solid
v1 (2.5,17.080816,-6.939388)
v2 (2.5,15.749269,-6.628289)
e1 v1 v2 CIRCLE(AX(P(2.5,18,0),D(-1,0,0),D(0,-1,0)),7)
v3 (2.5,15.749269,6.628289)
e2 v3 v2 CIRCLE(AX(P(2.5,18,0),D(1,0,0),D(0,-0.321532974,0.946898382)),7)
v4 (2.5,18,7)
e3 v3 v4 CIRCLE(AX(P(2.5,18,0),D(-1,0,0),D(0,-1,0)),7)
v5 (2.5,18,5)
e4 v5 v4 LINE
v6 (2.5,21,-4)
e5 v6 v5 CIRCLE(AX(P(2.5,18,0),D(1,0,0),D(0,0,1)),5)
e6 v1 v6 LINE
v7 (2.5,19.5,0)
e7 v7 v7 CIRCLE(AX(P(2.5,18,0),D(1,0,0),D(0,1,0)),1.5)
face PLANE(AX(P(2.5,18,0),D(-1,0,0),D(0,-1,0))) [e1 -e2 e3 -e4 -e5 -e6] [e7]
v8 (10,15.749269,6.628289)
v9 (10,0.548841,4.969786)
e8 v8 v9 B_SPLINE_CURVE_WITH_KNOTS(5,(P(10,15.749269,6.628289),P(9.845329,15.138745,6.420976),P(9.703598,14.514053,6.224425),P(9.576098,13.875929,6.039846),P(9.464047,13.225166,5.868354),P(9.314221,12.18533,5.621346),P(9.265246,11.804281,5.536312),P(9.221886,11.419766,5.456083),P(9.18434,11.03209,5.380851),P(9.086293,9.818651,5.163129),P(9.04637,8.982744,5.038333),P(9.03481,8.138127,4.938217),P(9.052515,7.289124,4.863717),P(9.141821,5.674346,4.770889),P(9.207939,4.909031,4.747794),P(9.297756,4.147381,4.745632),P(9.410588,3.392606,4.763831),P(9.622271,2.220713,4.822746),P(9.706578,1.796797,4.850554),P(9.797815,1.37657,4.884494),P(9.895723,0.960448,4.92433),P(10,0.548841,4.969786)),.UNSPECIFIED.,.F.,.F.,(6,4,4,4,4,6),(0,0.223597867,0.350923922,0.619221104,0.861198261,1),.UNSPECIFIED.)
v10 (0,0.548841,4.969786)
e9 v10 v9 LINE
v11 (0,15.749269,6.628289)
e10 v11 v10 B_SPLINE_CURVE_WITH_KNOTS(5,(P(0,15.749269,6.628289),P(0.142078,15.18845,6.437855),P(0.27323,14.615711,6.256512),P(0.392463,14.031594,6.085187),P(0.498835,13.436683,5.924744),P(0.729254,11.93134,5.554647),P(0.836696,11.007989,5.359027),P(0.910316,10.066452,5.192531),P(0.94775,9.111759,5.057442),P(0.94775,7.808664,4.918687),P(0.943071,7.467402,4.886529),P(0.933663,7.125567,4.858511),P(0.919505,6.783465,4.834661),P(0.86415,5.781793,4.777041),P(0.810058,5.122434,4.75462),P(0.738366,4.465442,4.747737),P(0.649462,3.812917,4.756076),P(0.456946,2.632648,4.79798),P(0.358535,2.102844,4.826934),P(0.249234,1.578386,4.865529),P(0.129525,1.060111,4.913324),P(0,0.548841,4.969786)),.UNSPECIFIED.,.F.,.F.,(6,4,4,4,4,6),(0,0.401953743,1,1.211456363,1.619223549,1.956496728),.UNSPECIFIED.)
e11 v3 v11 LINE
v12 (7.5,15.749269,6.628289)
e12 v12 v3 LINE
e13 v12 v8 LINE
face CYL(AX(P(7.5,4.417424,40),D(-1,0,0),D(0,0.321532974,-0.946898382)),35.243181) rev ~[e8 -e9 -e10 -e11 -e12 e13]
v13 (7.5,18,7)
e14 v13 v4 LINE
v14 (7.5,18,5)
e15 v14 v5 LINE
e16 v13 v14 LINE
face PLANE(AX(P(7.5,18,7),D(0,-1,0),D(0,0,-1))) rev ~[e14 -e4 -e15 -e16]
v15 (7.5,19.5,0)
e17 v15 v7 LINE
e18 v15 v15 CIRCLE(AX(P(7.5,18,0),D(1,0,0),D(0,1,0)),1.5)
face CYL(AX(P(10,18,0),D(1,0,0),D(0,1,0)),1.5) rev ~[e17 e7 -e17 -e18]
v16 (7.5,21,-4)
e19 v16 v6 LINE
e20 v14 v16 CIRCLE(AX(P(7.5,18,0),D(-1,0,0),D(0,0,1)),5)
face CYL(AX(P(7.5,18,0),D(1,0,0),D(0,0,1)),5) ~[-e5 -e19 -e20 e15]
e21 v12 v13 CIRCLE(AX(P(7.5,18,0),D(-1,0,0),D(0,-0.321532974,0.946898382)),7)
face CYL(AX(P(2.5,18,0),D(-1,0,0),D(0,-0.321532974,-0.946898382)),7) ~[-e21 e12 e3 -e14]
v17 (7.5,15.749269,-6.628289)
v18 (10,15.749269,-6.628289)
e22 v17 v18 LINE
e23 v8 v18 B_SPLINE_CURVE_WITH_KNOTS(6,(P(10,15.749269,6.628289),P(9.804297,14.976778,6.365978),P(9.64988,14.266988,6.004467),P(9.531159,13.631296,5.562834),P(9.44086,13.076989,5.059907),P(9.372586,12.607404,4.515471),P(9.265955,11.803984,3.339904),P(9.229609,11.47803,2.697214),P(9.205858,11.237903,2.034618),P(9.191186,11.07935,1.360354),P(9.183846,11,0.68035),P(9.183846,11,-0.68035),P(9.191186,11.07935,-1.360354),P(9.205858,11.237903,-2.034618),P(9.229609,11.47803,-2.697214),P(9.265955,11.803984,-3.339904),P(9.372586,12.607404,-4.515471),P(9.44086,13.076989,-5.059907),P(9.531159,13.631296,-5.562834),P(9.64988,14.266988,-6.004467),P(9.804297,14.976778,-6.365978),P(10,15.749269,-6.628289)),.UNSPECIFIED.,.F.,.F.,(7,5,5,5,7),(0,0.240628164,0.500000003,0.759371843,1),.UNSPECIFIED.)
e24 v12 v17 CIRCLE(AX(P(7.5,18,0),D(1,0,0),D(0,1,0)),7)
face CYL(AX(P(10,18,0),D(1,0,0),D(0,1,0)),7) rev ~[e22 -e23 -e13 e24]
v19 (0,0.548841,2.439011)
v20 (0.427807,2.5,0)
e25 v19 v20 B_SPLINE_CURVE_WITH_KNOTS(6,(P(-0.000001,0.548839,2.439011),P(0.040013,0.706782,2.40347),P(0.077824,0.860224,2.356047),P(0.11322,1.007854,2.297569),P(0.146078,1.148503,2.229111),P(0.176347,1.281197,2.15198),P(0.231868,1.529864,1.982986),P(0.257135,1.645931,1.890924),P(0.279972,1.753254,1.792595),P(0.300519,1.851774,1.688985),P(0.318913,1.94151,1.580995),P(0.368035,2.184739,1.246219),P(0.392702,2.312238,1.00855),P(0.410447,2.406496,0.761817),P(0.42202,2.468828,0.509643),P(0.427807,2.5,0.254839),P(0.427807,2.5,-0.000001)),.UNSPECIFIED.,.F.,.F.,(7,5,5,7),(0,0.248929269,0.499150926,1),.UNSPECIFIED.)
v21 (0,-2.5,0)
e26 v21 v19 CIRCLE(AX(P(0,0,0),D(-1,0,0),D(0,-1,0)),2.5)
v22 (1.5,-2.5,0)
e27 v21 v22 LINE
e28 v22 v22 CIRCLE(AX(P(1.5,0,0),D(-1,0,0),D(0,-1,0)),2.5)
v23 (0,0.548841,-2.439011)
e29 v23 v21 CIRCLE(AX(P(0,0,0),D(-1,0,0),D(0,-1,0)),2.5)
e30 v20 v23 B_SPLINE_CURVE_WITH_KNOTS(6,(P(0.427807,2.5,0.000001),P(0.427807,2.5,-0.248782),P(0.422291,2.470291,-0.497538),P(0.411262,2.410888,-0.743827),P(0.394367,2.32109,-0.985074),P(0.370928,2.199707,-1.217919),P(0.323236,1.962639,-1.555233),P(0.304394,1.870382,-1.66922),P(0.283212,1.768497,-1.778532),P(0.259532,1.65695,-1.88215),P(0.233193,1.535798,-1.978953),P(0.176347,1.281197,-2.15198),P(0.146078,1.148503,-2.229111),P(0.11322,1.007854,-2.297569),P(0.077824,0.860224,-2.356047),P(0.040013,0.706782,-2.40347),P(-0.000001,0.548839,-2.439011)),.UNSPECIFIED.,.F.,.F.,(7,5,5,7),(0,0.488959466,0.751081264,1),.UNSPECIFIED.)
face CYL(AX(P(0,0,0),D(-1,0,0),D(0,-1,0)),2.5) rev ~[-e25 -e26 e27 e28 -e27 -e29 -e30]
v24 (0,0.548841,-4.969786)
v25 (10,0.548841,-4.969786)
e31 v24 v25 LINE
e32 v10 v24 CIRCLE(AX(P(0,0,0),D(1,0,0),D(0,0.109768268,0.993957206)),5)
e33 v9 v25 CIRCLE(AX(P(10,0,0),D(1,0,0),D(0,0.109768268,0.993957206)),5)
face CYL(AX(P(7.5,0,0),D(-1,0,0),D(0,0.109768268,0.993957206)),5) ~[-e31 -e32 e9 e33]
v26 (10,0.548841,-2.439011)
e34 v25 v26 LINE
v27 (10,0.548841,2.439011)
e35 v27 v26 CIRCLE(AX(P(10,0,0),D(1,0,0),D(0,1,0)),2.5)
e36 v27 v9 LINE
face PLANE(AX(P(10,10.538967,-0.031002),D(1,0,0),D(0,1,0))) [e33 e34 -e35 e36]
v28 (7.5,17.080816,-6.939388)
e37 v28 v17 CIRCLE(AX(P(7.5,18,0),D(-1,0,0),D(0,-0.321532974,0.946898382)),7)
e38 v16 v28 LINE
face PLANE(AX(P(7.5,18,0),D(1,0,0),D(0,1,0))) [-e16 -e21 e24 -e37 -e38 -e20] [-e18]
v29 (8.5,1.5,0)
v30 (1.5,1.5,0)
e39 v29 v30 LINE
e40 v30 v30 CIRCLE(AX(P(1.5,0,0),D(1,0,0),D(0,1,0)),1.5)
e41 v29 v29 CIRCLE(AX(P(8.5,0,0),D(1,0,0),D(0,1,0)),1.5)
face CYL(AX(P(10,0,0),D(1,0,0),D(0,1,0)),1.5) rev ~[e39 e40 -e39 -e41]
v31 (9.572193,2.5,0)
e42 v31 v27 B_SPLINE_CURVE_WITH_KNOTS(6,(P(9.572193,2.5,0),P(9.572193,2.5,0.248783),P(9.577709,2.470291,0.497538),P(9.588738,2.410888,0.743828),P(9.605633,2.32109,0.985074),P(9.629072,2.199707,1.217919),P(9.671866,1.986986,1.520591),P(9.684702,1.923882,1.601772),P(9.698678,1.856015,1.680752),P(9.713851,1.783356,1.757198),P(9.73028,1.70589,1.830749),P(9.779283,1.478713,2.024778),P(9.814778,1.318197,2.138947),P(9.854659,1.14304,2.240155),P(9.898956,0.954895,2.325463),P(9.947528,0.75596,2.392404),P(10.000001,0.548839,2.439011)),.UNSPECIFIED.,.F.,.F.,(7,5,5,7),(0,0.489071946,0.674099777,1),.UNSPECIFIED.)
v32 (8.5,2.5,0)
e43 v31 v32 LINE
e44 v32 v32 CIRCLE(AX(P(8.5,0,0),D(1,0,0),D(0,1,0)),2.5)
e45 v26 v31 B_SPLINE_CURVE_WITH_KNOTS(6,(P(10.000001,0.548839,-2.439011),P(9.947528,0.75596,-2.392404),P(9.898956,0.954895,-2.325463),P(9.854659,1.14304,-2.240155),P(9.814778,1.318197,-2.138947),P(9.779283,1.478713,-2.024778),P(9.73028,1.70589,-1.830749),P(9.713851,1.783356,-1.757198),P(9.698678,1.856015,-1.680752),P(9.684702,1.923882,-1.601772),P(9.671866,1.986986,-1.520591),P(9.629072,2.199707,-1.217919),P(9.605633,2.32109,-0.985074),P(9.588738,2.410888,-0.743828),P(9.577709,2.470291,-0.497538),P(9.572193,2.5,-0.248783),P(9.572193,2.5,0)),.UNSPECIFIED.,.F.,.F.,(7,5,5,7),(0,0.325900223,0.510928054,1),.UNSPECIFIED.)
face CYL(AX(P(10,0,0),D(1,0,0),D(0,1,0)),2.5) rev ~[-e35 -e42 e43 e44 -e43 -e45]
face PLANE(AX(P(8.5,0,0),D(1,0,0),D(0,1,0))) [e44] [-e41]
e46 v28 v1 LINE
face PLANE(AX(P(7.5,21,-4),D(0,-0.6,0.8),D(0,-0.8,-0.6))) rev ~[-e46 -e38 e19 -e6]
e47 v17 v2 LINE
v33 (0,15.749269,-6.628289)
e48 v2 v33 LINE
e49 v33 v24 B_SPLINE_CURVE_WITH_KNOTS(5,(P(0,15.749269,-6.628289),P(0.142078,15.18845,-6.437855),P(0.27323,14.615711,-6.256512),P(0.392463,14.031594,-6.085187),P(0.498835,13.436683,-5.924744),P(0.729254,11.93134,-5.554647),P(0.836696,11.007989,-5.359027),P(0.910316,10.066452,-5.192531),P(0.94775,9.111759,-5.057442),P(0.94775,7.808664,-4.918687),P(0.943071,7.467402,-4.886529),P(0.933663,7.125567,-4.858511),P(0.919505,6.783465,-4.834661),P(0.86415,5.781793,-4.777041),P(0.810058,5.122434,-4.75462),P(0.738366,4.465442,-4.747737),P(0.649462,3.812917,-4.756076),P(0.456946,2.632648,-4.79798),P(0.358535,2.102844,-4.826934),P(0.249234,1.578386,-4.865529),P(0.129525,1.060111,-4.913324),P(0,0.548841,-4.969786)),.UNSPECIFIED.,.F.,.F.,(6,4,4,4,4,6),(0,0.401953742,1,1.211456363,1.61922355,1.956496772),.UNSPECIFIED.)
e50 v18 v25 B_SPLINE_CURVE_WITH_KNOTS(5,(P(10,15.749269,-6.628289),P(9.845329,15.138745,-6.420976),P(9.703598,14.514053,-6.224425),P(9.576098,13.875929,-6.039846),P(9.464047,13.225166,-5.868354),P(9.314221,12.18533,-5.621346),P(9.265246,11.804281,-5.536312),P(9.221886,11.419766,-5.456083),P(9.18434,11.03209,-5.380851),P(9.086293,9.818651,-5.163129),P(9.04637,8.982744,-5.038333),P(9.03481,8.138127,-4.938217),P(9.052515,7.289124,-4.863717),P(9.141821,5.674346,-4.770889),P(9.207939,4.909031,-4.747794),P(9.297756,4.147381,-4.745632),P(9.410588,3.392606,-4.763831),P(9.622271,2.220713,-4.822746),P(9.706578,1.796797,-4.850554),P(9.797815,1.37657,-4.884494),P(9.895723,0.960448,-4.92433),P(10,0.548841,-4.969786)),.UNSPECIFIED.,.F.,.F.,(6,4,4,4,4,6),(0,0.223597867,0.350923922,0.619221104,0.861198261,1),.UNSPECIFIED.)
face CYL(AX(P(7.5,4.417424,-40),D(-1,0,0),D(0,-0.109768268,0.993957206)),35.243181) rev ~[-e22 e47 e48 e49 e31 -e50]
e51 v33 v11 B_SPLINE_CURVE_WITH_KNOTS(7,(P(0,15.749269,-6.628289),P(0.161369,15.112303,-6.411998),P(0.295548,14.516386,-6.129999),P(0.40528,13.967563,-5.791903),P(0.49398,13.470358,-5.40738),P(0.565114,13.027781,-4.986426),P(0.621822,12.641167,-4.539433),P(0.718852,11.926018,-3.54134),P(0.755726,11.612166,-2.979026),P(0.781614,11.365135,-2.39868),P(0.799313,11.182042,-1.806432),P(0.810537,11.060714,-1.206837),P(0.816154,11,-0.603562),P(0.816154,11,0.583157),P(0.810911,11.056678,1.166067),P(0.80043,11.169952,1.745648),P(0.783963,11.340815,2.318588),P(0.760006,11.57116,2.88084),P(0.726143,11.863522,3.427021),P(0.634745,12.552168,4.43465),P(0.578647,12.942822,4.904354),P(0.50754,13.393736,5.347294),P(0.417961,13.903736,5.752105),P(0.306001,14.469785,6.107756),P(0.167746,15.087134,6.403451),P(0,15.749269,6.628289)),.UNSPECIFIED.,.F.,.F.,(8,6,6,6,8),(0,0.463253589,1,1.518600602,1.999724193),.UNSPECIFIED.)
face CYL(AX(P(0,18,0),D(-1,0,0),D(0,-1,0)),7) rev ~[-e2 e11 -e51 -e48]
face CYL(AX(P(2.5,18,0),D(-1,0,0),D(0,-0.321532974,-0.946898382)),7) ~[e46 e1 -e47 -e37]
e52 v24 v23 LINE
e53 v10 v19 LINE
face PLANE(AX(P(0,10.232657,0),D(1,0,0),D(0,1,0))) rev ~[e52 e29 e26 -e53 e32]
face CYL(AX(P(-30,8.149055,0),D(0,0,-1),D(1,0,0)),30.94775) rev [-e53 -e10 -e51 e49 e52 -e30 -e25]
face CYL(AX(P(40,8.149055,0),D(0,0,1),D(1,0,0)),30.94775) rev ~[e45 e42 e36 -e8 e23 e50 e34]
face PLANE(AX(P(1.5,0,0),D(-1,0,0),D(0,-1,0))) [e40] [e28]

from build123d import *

# Parameters (mm, degrees)
F1_DEPTH  = 2.5
F3_DEPTH  = 5
F5_DEPTH  = 2.5
F6_R      = 7
F7_DEPTH  = 2.5
F8_R      = 7
F9_DEPTH  = 2.5
F11_DEPTH = 7.501
F12_R     = 1.5
F13_DEPTH = 10.001
F14_R     = 2.5
F15_DEPTH = 1.5
F16_R     = 2.5
F17_DEPTH = 1.5
F18_R     = 30.9477503488
F19_DEPTH = 12.5


with BuildPart() as f1:
    # F0 (on Right) → F1 (new body)
    with BuildSketch(Plane.YZ):
        with BuildLine():
            ThreePointArc((15.7492691828, 6.6282886772), (8.2400840273, 4.9647449332), (0.54884134, 4.96978603))
            ThreePointArc((0.54884134, 4.96978603), (-5, 0), (0.54884134, -4.96978603))
            ThreePointArc((0.54884134, -4.96978603), (8.2400840273, -4.9647449332), (15.7492691828, -6.6282886772))
            ThreePointArc((15.7492691828, -6.6282886772), (25, 0), (15.7492691828, 6.6282886772))
        make_face()
    extrude(amount=F1_DEPTH)

    # F2 (on face) → F3 (join)
    with BuildSketch(Plane.YZ.offset(2.5)):
        with BuildLine():
            ThreePointArc((15.7492691828, 6.6282886772), (8.2400840273, 4.9647449332), (0.54884134, 4.96978603))
            ThreePointArc((0.54884134, 4.96978603), (-5, 0), (0.54884134, -4.96978603))
            ThreePointArc((0.54884134, -4.96978603), (8.2400840273, -4.9647449332), (15.7492691828, -6.6282886772))
            ThreePointArc((15.7492691828, -6.6282886772), (25, 0), (15.7492691828, 6.6282886772))
        make_face()
    extrude(amount=F3_DEPTH)

    # F4 (on face) → F5 (join)
    with BuildSketch(Plane.YZ.offset(7.5)):
        with BuildLine():
            ThreePointArc((15.7492691828, 6.6282886772), (8.2400840273, 4.9647449332), (0.54884134, 4.96978603))
            ThreePointArc((0.54884134, 4.96978603), (-5, 0), (0.54884134, -4.96978603))
            ThreePointArc((0.54884134, -4.96978603), (8.2400840273, -4.9647449332), (15.7492691828, -6.6282886772))
            ThreePointArc((15.7492691828, -6.6282886772), (21.0150139959, -6.3174117013), (24.5686792392, -2.4191843774))
            ThreePointArc((24.5686792392, -2.4191843774), (23.0125205049, 4.8861680474), (15.7492691828, 6.6282886772))
        make_face()
    extrude(amount=F5_DEPTH)

    # F6 (on face) → F7 (cut)
    with BuildSketch(Plane.YZ.offset(10)):
        with Locations((18, 0)):
            Circle(F6_R)
    extrude(amount=-F7_DEPTH, mode=Mode.SUBTRACT)

    # F8 (on face) → F9 (cut)
    with BuildSketch(Plane(origin=(0, 0, 0), x_dir=(0, -1, 0), z_dir=(-1, 0, 0))):
        with Locations((-18, 0)):
            Circle(F8_R)
    extrude(amount=-F9_DEPTH, mode=Mode.SUBTRACT)

    # F10 (on face) → F11 (cut, through all)
    with BuildSketch(Plane.YZ.offset(7.5)):
        with BuildLine():
            ThreePointArc((18, 5), (22.7434164903, 1.5811388301), (21, -4))
            Line((21, -4), (17.0808164115, -6.9393876913))
            ThreePointArc((17.0808164115, -6.9393876913), (24.9848304861, -0.4605899264), (18, 7))
            Line((18, 7), (18, 5))
        make_face()
    extrude(amount=-F11_DEPTH, mode=Mode.SUBTRACT)

    # F12 (on face) → F13 (cut, through all)
    with BuildSketch(Plane.YZ.offset(10)):
        Circle(F12_R)
        with Locations((18, 0)):
            Circle(F12_R)
    extrude(amount=-F13_DEPTH, mode=Mode.SUBTRACT)

    # F14 (on face) → F15 (cut)
    with BuildSketch(Plane.YZ.offset(10)):
        Circle(F14_R)
    extrude(amount=-F15_DEPTH, mode=Mode.SUBTRACT)

    # F16 (on face) → F17 (cut)
    with BuildSketch(Plane(origin=(0, 0, 0), x_dir=(0, -1, 0), z_dir=(-1, 0, 0))):
        Circle(F16_R)
    extrude(amount=-F17_DEPTH, mode=Mode.SUBTRACT)

    # F18 (on Top) → F19 (cut, symmetric)
    with BuildSketch(Plane.XY):
        with Locations((-30, 8.1490552614)):
            Circle(F18_R)
        with Locations((40, 8.1490552614)):
            Circle(F18_R)
    extrude(amount=F19_DEPTH, both=True, mode=Mode.SUBTRACT)


solid = f1.part
